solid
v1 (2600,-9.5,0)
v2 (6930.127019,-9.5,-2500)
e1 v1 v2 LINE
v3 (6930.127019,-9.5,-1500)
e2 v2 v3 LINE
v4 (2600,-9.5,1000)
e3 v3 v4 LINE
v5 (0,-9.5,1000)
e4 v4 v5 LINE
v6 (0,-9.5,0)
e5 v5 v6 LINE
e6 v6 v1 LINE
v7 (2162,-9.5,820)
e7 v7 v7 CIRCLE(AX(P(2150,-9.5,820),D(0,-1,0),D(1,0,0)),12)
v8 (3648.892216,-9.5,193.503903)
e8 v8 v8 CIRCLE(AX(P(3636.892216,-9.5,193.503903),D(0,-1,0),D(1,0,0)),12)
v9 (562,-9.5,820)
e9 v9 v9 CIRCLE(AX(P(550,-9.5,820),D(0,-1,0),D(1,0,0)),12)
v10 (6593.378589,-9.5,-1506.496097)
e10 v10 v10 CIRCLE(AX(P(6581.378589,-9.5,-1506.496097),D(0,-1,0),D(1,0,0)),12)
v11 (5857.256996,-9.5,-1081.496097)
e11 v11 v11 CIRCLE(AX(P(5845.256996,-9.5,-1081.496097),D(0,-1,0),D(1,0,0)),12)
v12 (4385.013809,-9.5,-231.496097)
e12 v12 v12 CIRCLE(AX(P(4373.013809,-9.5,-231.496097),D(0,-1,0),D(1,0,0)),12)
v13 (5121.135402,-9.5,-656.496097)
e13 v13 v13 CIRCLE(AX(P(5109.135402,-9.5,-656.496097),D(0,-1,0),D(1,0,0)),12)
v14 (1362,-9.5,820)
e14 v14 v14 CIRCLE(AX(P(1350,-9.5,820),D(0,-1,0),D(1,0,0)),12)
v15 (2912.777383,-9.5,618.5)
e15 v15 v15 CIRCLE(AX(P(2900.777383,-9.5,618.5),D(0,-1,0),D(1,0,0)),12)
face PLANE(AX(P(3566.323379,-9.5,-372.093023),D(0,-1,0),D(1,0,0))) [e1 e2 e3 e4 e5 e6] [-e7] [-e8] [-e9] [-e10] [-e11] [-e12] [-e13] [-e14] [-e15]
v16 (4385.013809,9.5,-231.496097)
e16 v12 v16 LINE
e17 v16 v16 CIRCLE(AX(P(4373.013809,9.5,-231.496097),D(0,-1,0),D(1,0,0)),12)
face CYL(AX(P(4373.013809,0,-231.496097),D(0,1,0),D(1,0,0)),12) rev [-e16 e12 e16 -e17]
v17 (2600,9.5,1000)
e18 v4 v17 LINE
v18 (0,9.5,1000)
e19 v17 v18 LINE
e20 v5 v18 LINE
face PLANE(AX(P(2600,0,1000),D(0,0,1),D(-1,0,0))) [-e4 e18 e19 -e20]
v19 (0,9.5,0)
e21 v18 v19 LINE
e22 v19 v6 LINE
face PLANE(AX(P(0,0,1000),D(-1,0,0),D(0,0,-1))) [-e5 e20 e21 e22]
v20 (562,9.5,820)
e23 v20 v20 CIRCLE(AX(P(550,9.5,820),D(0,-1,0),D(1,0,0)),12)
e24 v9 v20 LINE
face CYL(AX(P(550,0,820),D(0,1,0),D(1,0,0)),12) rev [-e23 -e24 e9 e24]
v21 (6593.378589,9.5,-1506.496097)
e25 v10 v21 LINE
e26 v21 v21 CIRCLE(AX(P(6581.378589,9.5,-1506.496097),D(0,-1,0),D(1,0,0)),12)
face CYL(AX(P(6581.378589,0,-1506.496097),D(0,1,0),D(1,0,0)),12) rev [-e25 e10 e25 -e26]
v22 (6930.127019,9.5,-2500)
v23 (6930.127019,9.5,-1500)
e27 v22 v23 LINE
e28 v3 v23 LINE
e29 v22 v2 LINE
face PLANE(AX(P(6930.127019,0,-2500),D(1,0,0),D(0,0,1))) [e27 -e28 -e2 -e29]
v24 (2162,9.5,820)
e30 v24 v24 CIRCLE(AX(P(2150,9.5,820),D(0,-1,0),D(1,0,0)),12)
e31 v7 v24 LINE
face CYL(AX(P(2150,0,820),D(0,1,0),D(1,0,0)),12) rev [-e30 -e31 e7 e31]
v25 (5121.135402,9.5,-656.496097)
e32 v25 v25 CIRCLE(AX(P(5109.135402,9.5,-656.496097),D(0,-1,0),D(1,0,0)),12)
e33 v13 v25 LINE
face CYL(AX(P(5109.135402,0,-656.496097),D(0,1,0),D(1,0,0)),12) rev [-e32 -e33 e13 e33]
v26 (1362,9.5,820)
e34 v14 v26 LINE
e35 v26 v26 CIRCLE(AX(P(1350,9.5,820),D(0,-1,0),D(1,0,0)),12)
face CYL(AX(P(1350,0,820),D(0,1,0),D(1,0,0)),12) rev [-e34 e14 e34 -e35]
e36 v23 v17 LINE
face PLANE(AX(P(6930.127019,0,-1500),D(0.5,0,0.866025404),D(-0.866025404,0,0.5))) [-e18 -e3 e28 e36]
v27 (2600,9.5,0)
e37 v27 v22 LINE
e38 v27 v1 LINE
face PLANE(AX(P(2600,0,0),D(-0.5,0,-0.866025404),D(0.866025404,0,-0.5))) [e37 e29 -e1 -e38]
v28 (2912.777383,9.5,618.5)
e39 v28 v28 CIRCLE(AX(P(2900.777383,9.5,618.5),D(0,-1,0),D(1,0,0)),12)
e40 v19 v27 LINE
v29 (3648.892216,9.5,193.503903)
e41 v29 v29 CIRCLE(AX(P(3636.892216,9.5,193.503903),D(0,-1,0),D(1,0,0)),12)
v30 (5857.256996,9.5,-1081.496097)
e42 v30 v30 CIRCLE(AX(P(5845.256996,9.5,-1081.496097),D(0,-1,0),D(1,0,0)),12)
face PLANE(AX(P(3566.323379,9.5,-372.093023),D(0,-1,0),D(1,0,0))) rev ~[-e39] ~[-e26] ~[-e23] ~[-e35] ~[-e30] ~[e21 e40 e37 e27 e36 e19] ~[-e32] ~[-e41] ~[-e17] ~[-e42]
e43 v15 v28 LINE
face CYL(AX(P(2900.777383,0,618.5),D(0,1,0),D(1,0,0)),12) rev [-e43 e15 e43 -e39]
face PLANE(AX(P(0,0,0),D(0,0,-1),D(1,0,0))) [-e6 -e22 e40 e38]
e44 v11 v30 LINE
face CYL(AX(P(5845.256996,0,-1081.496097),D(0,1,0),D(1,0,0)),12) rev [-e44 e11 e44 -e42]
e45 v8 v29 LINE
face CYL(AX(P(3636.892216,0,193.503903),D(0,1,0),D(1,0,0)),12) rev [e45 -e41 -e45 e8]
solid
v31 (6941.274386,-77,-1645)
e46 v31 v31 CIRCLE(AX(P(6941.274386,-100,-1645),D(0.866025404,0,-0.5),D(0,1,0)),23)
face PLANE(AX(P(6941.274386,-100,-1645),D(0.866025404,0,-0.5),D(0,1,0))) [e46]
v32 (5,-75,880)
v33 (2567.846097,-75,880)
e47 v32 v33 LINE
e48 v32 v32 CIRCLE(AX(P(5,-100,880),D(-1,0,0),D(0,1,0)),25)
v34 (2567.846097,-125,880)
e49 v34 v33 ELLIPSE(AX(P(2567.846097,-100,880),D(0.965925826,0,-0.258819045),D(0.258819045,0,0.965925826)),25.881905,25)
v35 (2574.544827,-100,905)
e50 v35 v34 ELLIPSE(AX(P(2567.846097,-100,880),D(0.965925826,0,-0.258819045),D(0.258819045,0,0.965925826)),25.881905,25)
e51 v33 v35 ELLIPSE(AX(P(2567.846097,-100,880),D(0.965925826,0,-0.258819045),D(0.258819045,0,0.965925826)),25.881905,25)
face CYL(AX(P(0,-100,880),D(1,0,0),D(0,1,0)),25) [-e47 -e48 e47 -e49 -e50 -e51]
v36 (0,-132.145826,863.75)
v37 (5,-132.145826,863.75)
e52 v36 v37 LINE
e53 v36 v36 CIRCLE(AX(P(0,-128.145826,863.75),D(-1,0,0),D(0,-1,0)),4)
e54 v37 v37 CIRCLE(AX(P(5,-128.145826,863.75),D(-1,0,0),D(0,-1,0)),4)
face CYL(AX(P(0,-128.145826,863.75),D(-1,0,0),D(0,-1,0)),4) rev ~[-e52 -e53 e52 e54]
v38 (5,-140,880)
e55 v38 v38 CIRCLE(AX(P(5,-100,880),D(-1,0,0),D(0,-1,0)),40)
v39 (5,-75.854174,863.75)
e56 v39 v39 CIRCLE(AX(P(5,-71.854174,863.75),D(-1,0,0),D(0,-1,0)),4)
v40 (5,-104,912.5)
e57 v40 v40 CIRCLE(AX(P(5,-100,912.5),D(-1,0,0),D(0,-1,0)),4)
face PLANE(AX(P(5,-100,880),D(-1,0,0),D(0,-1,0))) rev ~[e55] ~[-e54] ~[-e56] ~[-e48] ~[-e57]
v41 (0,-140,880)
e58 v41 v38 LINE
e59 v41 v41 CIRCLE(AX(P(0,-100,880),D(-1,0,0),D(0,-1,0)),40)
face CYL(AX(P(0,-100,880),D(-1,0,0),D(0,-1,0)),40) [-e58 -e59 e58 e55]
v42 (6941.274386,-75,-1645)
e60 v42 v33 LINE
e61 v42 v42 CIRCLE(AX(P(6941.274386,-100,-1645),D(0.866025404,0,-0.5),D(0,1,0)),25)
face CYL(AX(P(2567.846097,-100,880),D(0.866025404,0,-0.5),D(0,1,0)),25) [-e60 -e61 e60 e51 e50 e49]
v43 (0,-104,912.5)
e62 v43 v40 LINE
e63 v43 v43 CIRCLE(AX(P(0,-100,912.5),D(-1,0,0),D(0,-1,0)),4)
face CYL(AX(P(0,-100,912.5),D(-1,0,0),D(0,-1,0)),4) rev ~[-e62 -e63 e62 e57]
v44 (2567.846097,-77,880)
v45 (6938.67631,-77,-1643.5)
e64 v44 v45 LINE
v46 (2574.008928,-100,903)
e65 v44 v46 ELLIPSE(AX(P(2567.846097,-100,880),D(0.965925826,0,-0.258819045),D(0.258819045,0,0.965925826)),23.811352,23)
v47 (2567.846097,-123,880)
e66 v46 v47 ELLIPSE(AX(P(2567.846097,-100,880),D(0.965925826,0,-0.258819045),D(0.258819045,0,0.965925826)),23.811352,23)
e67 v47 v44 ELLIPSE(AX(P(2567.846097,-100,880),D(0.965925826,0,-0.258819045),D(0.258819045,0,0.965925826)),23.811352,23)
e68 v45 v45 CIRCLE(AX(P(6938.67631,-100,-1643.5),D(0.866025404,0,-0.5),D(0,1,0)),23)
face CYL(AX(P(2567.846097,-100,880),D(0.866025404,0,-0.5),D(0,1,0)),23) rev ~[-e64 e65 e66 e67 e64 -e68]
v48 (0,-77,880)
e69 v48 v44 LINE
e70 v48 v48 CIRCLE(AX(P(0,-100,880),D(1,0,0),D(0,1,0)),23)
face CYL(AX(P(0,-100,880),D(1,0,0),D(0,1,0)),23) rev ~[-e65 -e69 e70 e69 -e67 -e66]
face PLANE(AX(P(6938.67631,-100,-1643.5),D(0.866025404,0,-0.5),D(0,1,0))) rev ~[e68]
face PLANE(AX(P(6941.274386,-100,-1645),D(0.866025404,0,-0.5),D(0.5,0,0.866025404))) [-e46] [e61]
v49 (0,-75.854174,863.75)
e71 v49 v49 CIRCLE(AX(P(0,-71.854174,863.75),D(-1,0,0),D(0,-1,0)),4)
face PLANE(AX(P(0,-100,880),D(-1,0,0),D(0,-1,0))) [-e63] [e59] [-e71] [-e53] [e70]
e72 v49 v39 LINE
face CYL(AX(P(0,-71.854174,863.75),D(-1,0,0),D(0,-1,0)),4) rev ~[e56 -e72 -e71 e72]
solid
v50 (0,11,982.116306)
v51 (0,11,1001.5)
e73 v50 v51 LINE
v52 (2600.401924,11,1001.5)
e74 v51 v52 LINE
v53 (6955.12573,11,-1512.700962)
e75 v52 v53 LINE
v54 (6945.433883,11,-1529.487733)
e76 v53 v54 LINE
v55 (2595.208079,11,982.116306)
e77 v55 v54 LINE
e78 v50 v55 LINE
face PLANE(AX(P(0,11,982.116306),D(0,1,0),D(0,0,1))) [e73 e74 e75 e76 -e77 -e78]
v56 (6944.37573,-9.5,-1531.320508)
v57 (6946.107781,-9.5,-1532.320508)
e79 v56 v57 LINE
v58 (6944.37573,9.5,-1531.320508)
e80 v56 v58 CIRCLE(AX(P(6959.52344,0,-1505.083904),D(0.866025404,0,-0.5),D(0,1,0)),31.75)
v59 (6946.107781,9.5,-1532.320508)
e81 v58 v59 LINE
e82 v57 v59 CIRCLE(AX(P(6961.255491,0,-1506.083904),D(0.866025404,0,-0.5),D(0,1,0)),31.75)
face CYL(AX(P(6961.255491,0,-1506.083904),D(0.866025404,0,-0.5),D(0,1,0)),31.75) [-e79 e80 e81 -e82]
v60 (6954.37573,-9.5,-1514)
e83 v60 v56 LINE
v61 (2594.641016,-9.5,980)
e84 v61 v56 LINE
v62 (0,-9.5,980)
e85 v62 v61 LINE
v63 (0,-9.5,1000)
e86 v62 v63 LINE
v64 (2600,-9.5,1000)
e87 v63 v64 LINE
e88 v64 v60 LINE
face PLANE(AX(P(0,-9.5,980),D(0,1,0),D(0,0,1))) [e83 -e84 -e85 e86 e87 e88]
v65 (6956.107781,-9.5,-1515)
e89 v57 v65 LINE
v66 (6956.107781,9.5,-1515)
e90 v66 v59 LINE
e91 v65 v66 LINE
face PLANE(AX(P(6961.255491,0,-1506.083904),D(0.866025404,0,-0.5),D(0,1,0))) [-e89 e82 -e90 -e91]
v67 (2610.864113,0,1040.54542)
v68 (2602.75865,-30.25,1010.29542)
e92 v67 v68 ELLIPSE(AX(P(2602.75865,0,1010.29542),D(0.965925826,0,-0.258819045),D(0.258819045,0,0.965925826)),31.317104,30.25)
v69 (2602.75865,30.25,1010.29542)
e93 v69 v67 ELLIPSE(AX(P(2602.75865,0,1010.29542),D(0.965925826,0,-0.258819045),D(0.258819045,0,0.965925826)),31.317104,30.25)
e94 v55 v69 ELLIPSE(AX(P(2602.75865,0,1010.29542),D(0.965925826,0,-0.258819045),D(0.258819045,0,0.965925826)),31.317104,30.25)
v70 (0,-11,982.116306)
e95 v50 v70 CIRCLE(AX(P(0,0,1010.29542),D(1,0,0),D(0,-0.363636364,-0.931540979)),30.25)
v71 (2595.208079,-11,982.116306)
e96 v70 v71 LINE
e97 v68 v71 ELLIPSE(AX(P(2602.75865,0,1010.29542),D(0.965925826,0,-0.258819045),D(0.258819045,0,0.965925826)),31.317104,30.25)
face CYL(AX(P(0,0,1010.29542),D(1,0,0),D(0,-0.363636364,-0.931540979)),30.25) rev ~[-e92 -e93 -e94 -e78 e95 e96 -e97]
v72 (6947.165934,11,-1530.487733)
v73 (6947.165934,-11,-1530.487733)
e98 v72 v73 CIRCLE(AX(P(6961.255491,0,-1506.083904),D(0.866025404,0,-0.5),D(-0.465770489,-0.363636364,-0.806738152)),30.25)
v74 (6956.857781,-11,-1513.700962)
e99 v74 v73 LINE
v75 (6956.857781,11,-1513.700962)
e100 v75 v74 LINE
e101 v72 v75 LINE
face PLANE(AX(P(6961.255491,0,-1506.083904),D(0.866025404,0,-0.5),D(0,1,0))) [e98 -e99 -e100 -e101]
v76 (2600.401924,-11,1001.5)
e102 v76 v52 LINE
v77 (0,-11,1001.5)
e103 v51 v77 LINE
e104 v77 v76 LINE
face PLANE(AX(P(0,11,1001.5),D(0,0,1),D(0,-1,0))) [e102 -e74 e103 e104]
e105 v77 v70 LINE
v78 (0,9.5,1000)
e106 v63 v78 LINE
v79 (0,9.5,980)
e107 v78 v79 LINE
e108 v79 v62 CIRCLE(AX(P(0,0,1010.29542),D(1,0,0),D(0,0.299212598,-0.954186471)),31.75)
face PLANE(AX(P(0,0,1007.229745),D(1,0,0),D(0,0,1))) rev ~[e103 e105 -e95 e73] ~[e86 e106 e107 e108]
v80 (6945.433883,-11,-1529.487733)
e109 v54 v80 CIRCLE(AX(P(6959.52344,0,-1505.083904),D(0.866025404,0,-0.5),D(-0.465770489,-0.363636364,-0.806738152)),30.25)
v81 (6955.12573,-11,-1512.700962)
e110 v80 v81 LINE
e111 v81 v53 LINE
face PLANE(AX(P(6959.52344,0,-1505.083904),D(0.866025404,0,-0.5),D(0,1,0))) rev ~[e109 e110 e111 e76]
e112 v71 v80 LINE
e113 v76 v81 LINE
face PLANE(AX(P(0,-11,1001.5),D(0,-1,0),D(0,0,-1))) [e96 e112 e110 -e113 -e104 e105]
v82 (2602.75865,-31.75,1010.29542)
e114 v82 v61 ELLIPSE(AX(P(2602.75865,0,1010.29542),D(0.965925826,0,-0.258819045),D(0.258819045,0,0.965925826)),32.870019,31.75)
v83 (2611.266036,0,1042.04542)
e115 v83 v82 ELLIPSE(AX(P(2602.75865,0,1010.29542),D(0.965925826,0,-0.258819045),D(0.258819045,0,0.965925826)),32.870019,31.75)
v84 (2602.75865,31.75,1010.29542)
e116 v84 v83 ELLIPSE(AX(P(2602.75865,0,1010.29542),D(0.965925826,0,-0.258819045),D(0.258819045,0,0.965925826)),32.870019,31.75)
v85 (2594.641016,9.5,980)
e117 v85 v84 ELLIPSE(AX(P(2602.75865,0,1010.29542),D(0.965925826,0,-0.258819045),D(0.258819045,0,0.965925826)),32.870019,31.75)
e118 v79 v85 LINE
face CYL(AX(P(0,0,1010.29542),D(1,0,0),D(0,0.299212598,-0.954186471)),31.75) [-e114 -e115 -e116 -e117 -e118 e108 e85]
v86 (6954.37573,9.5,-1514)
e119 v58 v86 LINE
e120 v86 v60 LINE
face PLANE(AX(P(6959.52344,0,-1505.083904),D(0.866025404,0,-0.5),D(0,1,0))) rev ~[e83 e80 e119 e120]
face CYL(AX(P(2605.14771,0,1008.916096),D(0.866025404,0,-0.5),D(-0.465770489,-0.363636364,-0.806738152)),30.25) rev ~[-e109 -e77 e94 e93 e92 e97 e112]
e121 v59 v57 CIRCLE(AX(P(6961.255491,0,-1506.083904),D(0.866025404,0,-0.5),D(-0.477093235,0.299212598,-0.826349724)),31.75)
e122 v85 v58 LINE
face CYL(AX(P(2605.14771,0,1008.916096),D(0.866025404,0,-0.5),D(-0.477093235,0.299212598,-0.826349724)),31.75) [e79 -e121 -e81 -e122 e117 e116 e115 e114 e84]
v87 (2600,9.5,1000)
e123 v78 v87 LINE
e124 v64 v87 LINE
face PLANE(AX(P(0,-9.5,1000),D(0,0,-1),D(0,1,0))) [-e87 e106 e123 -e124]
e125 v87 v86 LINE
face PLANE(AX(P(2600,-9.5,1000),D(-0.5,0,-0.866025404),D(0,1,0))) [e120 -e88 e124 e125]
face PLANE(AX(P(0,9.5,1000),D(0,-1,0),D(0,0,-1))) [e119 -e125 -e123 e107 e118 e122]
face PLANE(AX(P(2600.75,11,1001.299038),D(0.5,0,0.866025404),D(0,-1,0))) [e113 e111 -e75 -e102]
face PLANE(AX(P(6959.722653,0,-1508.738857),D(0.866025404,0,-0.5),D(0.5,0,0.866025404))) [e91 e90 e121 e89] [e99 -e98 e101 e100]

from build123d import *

# Parameters (mm, degrees)
F0_R      = 12
F1_DEPTH  = 9.5
F5_R      = 31.75
F6_DEPTH  = 2
F9_R      = 25
F9_R_2    = 23
F12_R     = 25
F13_DEPTH = 3
F14_R     = 40
F14_R_2   = 4
F14_R_3   = 25
F15_DEPTH = 5


with BuildPart() as f1:
    # F0 (on Front) → F1 (new body, symmetric)
    with BuildSketch(Plane.XZ):
        Polygon((0, 1000), (0, 0), (2600, 0), (6930.1270189222, -2500), (6930.1270189222, -1500), (2600, 1000), align=None)
        with Locations((6581.3785888182, -1506.4960969083)):
            Circle(F0_R, mode=Mode.SUBTRACT)
        with Locations((5845.2569956014, -1081.4960969083)):
            Circle(F0_R, mode=Mode.SUBTRACT)
        with Locations((550, 820)):
            Circle(F0_R, mode=Mode.SUBTRACT)
        with Locations((1350, 820)):
            Circle(F0_R, mode=Mode.SUBTRACT)
        with Locations((2150, 820)):
            Circle(F0_R, mode=Mode.SUBTRACT)
        with Locations((2900.7773830875, 618.5)):
            Circle(F0_R, mode=Mode.SUBTRACT)
        with Locations((5109.1354023847, -656.4960969083)):
            Circle(F0_R, mode=Mode.SUBTRACT)
        with Locations((4373.0138091679, -231.4960969083)):
            Circle(F0_R, mode=Mode.SUBTRACT)
        with Locations((3636.8922159511, 193.5039030917)):
            Circle(F0_R, mode=Mode.SUBTRACT)
    extrude(amount=F1_DEPTH, both=True)


with BuildPart() as f4:
    # F4: sweep along a path in F2
    with BuildLine(Plane.XZ) as f4_path:
        Line((0, 1000), (2600, 1000))
        Line((2600, 1000), (6956.1077810357, -1515))
    # F3 (on Right) → F4 (sweep)
    with BuildSketch(Plane.YZ):
        with BuildLine():
            Line((9.5, 1000), (9.5, 980))
            ThreePointArc((9.5, 980), (0, 1042.045420446), (-9.5, 980))
            Line((-9.5, 980), (-9.5, 1000))
            Line((-9.5, 1000), (9.5, 1000))
        make_face()
        with BuildLine():
            ThreePointArc((-11, 982.1163058396), (0, 1040.545420446), (11, 982.1163058396))
            Line((11, 982.1163058396), (11, 1001.5))
            Line((11, 1001.5), (-11, 1001.5))
            Line((-11, 1001.5), (-11, 982.1163058396))
        make_face(mode=Mode.SUBTRACT)
    sweep(path=f4_path.line, transition=Transition.RIGHT)

    # F5 (on face) → F6 (join)
    with BuildSketch(Plane(origin=(5873.0950791435, 0, -3390.8330249198), x_dir=(0, 1, 0), z_dir=(0.8660254038, 0, -0.5))):
        with Locations((0, 2176.3208242304)):
            Circle(F5_R)
    extrude(amount=-F6_DEPTH)


with BuildPart() as f10:
    # F10: sweep along a path in F8
    with BuildLine(Plane.XZ.offset(100)) as f10_path:
        Line((0, 880), (2567.8460969083, 880))
        Line((2567.8460969083, 880), (6941.2743860197, -1645))
    # F9 (on Right) → F10 (sweep)
    with BuildSketch(Plane.YZ):
        with Locations((-100, 880)):
            Circle(F9_R)
        with Locations((-100, 880)):
            Circle(F9_R_2, mode=Mode.SUBTRACT)
    sweep(path=f10_path.line, transition=Transition.RIGHT)

    # F12 (on face) → F13 (join)
    with BuildSketch(Plane(origin=(5918.2616841275, 0, -3416.9099764656), x_dir=(0, 1, 0), z_dir=(0.8660254038, 0, -0.5))):
        with Locations((-100, 2046.0254037844)):
            Circle(F12_R)
    extrude(amount=-F13_DEPTH)

    # F14 (on face) → F15 (join)
    with BuildSketch(Plane(origin=(0, 0, 0), x_dir=(0, -1, 0), z_dir=(-1, 0, 0))):
        with Locations((100, 880)):
            Circle(F14_R)
        with Locations((71.854174377, 863.75)):
            Circle(F14_R_2, mode=Mode.SUBTRACT)
        with Locations((128.145825623, 863.75)):
            Circle(F14_R_2, mode=Mode.SUBTRACT)
        with Locations((100, 880)):
            Circle(F14_R_3, mode=Mode.SUBTRACT)
        with Locations((100, 912.5)):
            Circle(F14_R_2, mode=Mode.SUBTRACT)
    extrude(amount=-F15_DEPTH)


solid = Compound([f1.part, f4.part, f10.part])
